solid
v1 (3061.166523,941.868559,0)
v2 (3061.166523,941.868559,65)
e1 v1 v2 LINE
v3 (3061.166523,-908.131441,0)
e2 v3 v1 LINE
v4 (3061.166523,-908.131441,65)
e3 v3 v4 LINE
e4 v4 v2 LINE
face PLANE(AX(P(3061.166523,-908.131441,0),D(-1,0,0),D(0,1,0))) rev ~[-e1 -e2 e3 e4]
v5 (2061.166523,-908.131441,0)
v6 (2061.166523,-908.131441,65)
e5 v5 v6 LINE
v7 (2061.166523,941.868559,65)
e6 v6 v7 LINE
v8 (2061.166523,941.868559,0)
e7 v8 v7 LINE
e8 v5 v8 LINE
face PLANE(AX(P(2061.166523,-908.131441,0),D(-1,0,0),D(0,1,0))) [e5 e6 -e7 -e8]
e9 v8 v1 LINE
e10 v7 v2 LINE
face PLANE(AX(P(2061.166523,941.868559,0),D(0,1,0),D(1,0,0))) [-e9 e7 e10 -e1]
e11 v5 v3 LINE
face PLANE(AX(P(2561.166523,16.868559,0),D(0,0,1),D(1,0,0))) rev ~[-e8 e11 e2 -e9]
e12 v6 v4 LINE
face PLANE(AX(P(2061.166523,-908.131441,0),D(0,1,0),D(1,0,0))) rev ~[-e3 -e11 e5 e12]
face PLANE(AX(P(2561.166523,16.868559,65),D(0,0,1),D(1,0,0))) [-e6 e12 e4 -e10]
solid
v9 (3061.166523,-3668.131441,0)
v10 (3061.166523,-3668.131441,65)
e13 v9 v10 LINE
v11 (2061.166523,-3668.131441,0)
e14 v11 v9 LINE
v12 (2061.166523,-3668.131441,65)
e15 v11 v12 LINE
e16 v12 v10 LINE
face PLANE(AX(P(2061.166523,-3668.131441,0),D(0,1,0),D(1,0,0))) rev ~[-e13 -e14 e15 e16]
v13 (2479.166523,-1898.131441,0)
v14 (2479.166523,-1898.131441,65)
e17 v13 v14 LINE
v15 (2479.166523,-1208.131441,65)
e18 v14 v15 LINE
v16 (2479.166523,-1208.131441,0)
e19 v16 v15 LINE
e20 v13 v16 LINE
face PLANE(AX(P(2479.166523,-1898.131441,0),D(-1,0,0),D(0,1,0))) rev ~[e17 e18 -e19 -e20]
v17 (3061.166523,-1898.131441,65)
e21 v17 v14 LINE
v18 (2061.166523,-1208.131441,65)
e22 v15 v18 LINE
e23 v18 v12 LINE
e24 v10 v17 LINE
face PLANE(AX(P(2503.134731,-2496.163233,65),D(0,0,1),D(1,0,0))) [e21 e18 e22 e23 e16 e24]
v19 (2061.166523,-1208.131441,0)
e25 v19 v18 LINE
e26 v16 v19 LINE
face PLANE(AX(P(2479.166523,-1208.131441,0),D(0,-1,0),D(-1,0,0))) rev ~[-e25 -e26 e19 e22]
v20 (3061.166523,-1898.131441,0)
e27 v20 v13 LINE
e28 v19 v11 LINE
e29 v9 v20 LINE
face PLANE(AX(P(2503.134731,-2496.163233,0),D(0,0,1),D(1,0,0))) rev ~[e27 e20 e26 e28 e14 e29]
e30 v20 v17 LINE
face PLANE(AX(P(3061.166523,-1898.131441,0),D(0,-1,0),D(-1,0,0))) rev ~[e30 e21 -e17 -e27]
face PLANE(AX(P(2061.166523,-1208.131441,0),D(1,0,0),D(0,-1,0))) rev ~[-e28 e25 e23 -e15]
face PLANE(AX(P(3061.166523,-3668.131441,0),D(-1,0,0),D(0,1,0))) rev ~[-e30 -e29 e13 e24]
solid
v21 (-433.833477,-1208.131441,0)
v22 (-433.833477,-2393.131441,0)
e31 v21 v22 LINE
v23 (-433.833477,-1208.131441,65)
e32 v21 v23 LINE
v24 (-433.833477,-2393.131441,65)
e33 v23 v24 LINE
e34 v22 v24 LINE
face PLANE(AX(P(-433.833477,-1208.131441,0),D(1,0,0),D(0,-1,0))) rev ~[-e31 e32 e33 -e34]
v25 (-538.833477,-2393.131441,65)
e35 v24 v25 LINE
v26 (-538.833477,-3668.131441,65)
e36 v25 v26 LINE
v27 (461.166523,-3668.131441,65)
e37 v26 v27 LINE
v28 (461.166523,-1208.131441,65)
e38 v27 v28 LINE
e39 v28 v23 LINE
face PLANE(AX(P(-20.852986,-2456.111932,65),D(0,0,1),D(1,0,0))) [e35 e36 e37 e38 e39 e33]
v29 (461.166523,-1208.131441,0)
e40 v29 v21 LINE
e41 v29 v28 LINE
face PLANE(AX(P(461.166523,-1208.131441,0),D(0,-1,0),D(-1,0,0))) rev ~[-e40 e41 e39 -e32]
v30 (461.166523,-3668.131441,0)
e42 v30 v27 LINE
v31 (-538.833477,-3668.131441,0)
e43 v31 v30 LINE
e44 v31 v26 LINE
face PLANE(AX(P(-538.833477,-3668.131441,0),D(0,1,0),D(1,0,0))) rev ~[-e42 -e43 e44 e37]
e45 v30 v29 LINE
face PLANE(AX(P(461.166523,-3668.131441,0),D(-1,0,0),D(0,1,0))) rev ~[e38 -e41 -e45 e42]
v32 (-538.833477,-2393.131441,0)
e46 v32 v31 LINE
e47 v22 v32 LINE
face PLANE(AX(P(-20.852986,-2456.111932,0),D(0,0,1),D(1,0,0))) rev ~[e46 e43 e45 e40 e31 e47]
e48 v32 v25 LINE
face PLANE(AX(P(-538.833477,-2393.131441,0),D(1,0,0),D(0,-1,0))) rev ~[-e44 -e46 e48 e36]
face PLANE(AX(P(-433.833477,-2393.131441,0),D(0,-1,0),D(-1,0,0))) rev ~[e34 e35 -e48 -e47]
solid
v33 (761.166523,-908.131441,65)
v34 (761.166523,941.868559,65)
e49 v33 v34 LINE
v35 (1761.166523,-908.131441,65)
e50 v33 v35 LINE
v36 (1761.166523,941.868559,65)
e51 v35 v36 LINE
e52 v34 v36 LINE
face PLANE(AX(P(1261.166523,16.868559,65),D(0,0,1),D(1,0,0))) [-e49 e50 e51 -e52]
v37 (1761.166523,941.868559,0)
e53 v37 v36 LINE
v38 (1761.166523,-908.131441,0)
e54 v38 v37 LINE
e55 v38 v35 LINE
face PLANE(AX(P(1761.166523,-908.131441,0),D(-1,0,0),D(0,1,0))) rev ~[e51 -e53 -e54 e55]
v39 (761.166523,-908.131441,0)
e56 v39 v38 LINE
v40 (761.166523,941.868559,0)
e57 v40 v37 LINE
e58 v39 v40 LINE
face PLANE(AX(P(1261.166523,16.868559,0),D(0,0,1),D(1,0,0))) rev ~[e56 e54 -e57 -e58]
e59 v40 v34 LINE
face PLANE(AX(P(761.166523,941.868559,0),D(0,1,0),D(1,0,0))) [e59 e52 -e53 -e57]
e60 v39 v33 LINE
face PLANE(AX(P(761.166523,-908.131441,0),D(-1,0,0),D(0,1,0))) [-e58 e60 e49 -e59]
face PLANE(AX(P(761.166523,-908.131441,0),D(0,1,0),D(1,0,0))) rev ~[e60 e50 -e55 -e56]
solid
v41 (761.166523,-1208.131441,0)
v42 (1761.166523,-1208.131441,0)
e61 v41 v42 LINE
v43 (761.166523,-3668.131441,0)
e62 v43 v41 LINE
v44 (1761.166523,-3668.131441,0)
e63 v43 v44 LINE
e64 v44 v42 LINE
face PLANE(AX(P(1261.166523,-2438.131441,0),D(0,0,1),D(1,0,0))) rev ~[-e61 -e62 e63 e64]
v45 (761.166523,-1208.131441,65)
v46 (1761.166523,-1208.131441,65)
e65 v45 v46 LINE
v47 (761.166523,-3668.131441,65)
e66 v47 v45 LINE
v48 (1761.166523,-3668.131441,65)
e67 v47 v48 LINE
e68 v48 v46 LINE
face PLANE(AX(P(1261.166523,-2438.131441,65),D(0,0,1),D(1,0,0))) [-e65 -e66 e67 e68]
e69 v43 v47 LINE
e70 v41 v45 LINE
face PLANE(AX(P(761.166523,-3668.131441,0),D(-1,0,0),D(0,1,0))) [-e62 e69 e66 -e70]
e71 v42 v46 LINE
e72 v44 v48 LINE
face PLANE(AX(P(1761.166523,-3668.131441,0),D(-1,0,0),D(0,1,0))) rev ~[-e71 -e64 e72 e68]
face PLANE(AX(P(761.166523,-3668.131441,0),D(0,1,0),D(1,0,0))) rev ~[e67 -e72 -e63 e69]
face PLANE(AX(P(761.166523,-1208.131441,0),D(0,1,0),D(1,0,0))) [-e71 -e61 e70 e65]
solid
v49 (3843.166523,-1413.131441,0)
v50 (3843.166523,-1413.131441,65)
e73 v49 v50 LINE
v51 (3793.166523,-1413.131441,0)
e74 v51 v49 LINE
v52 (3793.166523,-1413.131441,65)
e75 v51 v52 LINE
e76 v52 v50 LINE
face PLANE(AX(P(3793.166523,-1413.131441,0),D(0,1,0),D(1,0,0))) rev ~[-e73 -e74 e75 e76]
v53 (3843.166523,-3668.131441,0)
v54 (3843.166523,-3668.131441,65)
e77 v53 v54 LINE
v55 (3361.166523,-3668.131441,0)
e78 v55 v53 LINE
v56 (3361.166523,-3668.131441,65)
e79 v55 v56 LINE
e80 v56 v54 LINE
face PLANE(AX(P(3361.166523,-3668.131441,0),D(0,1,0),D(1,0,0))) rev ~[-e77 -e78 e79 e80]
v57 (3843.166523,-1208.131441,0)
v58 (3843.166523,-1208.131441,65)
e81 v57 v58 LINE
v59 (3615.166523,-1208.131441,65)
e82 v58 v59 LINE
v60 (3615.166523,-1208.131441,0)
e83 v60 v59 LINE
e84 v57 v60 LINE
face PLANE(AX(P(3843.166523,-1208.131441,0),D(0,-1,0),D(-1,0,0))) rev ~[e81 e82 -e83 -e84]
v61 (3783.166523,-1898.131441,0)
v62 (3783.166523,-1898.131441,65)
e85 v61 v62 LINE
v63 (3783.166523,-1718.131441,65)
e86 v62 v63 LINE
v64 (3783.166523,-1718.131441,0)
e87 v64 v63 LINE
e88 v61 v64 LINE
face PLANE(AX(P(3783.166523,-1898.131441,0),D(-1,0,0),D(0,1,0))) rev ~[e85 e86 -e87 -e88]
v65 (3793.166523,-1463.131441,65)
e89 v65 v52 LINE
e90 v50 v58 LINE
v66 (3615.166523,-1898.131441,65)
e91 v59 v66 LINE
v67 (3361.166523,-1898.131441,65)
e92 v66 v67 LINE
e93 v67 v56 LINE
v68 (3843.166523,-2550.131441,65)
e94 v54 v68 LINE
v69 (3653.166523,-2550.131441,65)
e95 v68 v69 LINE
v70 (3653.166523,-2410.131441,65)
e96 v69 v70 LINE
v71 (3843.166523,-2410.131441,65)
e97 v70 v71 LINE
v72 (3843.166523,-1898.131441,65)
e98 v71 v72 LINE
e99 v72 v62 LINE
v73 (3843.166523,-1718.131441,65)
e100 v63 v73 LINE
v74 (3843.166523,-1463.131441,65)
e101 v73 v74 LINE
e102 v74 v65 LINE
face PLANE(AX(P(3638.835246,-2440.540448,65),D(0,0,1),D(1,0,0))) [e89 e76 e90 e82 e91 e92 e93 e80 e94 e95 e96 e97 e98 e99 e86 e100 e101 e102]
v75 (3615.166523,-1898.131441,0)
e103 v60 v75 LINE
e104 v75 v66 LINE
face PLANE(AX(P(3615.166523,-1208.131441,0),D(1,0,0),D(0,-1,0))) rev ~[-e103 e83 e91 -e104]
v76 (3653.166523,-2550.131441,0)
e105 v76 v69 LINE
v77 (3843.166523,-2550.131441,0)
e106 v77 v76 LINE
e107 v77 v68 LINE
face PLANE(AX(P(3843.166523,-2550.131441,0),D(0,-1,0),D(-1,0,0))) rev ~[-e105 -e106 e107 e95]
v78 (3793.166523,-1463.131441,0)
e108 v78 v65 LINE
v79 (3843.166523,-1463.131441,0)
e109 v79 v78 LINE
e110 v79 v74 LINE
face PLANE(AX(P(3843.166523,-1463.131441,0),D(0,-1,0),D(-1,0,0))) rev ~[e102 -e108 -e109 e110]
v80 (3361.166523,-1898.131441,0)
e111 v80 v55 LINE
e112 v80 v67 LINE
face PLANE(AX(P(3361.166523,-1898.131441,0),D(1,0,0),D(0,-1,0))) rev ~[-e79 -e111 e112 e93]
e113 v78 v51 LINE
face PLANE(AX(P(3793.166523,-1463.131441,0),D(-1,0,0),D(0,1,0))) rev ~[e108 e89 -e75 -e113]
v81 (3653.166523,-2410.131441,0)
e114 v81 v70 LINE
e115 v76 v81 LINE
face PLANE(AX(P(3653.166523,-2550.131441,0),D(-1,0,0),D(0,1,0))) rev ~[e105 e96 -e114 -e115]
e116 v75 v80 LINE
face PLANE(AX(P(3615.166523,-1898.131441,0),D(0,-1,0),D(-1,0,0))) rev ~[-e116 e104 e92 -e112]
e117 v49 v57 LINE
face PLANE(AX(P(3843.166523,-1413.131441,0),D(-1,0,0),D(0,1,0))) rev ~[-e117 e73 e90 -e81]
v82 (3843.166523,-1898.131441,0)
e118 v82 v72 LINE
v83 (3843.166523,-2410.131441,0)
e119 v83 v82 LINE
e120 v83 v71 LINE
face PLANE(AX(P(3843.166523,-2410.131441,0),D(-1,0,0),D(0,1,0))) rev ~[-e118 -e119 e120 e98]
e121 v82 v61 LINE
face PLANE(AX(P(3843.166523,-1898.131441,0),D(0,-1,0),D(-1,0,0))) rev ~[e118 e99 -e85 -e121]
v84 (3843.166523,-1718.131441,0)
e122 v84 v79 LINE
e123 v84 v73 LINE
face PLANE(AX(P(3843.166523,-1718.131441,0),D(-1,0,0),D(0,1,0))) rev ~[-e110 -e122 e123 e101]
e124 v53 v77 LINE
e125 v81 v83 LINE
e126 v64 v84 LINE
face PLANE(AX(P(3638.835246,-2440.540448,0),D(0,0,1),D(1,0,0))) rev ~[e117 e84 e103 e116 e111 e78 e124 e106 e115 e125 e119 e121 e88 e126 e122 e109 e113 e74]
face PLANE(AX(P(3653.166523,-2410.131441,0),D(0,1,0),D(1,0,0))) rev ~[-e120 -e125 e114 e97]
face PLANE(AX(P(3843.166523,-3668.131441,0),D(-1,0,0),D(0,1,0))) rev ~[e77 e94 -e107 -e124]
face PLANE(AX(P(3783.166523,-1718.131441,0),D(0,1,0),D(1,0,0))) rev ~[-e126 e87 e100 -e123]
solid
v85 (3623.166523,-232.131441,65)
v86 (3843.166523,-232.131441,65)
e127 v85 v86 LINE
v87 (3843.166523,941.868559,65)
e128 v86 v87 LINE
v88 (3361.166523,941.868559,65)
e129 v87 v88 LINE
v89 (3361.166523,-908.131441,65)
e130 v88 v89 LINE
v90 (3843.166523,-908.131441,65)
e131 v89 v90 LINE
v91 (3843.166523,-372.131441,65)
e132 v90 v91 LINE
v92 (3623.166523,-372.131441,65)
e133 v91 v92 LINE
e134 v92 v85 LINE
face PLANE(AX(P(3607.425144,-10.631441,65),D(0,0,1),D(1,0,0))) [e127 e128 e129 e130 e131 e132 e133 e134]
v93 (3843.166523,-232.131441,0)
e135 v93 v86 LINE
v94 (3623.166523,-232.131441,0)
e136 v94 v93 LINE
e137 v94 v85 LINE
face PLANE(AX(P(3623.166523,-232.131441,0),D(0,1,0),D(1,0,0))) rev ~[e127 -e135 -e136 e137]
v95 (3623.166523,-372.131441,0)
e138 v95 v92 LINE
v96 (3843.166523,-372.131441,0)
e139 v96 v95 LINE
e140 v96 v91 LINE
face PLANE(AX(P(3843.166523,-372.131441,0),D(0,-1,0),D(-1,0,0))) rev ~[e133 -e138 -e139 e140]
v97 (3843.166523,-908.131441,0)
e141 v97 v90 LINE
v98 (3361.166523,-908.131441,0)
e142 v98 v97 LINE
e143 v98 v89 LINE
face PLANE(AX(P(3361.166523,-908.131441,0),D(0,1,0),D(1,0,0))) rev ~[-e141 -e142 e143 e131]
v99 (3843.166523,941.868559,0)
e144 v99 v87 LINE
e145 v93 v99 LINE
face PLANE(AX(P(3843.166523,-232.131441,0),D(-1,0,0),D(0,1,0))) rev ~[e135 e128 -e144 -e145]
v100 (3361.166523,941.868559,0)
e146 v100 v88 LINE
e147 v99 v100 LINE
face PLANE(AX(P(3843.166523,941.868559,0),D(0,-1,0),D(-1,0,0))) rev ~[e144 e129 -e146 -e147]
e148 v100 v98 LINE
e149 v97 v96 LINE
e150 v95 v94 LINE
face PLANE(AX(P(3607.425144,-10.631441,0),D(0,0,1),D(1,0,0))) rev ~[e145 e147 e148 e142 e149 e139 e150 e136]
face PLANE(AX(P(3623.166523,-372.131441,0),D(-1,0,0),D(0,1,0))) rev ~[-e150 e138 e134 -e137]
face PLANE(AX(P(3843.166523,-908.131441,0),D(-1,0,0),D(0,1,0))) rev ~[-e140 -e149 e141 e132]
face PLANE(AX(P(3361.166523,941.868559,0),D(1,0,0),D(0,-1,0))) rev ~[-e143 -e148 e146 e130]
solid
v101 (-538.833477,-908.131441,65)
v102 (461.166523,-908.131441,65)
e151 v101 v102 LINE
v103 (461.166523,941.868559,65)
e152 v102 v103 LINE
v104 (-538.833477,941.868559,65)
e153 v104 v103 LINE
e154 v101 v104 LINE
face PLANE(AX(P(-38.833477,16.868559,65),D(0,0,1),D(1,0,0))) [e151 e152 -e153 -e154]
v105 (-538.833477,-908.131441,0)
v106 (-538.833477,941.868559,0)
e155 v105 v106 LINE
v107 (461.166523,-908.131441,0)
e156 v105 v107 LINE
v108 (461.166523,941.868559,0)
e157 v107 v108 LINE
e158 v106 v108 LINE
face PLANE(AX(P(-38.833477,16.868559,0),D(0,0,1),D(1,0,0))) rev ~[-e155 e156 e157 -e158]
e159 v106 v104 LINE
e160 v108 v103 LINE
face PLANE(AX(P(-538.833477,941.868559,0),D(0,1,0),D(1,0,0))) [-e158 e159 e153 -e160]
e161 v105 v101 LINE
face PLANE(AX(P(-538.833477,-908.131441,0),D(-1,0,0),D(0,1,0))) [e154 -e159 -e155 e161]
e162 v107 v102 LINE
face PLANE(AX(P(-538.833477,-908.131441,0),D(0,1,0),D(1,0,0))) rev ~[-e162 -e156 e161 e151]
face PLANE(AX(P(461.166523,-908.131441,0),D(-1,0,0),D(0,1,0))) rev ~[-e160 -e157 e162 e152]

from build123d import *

# Parameters (mm, degrees)
F0_W     = 1000
F0_H     = 1850
F0_H_2   = 2460
F1_DEPTH = 65


with BuildPart() as f1:
    # F0 (on Top) → F1 (new body)
    with BuildSketch(Plane.XY):
        with Locations((-38.833477, 16.868559)):
            Rectangle(F0_W, F0_H)
        with Locations((1261.166523, 16.868559)):
            Rectangle(F0_W, F0_H)
        with Locations((2561.166523, 16.868559)):
            Rectangle(F0_W, F0_H)
        Polygon((3361.166523, 941.868559), (3361.166523, -908.131441), (3843.166523, -908.131441), (3843.166523, -372.131441), (3623.166523, -372.131441), (3623.166523, -232.131441), (3843.166523, -232.131441), (3843.166523, 941.868559), align=None)
        Polygon((461.166523, -1208.131441), (-433.833477, -1208.131441), (-433.833477, -2393.131441), (-538.833477, -2393.131441), (-538.833477, -3668.131441), (461.166523, -3668.131441), align=None)
        with Locations((1261.166523, -2438.131441)):
            Rectangle(F0_W, F0_H_2)
        Polygon((2479.166523, -1208.131441), (2061.166523, -1208.131441), (2061.166523, -3668.131441), (3061.166523, -3668.131441), (3061.166523, -1898.131441), (2479.166523, -1898.131441), align=None)
        Polygon((3843.166523, -1208.131441), (3615.166523, -1208.131441), (3615.166523, -1898.131441), (3361.166523, -1898.131441), (3361.166523, -3668.131441), (3843.166523, -3668.131441), (3843.166523, -2550.131441), (3653.166523, -2550.131441), (3653.166523, -2410.131441), (3843.166523, -2410.131441), (3843.166523, -1898.131441), (3783.166523, -1898.131441), (3783.166523, -1718.131441), (3843.166523, -1718.131441), (3843.166523, -1463.131441), (3793.166523, -1463.131441), (3793.166523, -1413.131441), (3843.166523, -1413.131441), align=None)
    extrude(amount=F1_DEPTH)


solid = f1.part
